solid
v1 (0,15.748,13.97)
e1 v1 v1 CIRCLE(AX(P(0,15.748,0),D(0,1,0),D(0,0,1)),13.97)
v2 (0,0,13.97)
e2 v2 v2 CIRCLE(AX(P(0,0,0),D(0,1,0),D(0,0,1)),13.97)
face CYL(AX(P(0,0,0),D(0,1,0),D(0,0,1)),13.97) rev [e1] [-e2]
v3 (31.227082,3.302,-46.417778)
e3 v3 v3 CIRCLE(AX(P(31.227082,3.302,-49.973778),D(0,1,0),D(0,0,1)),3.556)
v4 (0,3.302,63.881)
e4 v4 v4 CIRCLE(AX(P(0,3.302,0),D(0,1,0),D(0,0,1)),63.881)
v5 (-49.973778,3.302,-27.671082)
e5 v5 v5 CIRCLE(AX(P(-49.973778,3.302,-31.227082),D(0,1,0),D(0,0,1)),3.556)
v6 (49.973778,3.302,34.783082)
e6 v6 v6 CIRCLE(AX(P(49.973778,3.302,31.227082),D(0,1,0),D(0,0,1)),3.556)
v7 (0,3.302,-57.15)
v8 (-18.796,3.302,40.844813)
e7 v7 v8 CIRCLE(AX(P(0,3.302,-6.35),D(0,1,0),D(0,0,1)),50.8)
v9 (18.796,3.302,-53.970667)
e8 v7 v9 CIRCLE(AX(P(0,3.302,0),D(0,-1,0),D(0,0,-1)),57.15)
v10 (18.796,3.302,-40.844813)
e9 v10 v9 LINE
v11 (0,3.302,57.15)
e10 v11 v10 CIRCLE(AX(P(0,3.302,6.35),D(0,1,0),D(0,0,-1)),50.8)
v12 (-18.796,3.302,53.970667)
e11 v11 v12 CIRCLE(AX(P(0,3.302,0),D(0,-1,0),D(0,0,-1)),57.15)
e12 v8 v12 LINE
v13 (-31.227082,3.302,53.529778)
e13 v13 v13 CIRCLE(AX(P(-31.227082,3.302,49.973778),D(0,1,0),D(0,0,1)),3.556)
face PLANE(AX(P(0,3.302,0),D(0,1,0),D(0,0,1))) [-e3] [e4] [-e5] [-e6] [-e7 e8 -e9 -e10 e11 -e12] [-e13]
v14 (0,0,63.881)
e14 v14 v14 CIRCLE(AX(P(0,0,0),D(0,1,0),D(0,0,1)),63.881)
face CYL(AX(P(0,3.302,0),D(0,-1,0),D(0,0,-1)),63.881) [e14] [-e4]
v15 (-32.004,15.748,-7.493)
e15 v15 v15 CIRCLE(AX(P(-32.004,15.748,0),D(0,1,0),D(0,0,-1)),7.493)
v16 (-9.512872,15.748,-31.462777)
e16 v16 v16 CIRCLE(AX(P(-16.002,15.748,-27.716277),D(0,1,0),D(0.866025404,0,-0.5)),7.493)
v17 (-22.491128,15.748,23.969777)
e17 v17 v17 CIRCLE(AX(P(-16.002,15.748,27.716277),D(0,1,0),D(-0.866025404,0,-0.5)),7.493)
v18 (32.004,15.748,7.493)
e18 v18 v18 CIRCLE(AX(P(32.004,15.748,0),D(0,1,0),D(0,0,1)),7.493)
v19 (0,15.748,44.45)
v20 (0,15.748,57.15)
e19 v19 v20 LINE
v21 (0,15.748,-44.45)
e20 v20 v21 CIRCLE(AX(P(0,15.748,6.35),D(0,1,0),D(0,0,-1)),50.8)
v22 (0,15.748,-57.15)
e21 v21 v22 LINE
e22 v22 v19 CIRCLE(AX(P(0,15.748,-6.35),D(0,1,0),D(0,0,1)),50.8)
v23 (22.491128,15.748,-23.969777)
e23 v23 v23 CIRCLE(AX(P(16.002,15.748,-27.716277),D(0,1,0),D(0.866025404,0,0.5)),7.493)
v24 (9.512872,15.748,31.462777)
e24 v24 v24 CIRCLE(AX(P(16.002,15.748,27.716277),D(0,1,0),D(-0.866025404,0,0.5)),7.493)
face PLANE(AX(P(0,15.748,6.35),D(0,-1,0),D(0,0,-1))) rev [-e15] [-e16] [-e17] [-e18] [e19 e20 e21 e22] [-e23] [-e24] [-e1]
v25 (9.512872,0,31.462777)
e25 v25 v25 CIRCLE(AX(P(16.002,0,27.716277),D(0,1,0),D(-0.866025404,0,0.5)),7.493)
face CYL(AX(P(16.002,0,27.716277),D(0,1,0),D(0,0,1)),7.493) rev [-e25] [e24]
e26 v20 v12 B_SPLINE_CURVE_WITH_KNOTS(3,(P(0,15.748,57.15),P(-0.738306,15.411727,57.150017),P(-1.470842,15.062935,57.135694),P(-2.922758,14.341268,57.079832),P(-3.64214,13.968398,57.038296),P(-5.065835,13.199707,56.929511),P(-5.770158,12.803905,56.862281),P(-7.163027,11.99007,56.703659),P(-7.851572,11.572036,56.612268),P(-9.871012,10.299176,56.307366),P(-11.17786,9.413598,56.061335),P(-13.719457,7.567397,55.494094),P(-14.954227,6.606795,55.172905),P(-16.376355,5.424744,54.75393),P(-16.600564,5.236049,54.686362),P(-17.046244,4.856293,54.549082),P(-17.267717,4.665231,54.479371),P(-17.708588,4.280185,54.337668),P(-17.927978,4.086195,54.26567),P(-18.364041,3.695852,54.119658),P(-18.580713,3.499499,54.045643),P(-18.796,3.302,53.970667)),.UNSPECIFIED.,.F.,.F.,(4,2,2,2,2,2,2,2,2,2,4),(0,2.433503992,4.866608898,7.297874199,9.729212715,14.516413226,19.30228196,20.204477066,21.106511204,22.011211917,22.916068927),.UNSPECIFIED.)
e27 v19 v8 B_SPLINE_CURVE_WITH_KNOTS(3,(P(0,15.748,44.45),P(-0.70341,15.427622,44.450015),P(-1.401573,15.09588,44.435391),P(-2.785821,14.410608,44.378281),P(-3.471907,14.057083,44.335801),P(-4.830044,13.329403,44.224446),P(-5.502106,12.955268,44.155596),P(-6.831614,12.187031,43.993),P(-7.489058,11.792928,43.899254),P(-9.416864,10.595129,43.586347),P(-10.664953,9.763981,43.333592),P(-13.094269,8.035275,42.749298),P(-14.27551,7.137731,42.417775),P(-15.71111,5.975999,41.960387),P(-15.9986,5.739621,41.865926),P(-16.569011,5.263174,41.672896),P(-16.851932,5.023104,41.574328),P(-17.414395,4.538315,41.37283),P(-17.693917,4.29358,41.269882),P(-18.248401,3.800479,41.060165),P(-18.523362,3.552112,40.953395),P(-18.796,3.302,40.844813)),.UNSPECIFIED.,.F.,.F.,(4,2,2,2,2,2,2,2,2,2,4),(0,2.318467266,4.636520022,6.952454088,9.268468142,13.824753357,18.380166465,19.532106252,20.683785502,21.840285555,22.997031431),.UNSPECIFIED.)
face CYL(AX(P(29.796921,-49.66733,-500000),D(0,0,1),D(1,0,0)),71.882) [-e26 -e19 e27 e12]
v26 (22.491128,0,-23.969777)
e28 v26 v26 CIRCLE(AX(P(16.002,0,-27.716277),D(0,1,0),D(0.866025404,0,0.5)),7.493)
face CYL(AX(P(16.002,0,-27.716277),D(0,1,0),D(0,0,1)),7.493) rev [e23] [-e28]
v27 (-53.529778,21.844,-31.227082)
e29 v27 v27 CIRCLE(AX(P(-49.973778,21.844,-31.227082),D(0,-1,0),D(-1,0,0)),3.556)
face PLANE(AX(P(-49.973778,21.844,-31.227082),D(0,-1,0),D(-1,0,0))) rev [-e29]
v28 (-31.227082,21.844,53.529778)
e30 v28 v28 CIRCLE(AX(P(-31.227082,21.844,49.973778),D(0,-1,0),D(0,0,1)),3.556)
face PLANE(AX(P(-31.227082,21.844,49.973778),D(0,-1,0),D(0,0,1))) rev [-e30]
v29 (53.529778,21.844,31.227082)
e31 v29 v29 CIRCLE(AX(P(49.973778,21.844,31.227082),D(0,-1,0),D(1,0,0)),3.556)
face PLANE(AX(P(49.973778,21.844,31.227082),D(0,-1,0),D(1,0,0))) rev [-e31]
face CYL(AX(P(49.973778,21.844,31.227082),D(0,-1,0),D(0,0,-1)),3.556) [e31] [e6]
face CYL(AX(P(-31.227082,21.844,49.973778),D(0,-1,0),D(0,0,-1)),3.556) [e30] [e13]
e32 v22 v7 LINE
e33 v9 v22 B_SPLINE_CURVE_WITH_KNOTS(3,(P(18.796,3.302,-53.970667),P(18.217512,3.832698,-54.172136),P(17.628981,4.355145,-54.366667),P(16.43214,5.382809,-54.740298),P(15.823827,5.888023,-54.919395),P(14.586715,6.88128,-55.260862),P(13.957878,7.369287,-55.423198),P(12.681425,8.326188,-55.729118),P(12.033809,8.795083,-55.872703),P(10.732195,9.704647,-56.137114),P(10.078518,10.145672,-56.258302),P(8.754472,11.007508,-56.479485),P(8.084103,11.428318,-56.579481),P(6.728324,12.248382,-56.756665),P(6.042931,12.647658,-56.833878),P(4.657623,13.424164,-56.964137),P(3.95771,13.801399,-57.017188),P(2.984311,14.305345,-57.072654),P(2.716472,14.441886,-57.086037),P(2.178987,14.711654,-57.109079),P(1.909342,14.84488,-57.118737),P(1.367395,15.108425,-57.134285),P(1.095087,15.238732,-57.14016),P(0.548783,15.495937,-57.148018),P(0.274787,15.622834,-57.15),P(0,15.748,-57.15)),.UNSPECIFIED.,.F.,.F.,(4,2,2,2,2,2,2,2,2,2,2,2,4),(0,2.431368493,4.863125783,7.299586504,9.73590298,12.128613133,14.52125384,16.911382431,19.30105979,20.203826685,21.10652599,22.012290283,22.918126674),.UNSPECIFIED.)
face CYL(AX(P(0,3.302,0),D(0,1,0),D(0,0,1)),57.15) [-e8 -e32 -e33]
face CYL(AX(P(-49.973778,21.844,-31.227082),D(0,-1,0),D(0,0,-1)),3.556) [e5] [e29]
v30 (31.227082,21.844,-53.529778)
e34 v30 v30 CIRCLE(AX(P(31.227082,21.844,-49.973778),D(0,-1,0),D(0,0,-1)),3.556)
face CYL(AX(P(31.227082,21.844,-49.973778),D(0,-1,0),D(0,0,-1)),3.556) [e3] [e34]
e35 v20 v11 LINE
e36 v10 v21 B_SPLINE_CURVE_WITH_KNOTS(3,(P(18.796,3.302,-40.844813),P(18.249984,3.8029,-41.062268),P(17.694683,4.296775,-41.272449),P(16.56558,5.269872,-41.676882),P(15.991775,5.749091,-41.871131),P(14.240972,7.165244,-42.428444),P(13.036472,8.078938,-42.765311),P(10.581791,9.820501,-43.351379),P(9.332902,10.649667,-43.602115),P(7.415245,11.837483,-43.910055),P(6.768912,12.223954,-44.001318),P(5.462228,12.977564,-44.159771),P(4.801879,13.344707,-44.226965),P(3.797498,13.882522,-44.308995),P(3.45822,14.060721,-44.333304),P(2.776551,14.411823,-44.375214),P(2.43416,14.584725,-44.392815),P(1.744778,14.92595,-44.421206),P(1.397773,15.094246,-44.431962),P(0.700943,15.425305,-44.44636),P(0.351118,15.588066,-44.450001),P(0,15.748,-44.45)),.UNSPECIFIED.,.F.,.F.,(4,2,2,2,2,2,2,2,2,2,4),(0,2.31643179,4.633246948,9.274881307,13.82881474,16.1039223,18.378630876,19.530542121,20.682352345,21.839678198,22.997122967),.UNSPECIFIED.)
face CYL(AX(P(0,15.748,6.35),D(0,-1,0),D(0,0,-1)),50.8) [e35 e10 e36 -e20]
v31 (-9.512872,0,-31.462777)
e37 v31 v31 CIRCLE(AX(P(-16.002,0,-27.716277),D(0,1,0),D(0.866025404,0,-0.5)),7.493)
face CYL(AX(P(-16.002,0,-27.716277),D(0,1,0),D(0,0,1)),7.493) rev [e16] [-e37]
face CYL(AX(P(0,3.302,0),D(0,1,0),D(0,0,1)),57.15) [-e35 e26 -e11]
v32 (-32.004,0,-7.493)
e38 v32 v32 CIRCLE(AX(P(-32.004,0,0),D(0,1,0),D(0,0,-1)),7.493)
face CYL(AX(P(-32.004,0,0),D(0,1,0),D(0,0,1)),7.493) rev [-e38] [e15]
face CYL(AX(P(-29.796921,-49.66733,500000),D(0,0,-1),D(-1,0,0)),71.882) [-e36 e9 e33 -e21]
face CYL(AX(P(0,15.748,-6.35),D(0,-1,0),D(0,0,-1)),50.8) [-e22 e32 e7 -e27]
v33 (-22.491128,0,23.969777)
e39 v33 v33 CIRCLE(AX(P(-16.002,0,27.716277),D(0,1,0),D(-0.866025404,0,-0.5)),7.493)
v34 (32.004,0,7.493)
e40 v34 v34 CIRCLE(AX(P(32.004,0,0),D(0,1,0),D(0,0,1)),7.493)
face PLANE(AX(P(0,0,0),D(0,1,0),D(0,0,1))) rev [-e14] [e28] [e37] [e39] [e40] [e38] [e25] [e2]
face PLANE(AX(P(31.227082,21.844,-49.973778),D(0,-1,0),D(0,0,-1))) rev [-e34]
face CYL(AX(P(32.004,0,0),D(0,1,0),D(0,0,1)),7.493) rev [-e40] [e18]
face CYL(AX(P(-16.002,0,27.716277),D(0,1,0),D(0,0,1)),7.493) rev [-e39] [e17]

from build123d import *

# Parameters (mm, degrees)
SKETCH1_R          = 63.881
EXTRUDE1_DEPTH     = 3.302
EXTRUDE2_DEPTH     = 12.446
SKETCH5_R          = 13.97
CUT_EXTRUDE3_DEPTH = 16.748
SKETCH7_R          = 7.493
CUT_EXTRUDE4_DEPTH = 16.748
CIRPATTERN1_COUNT  = 6
EXTRUDE3_START     = 40.844813
EXTRUDE3_DEPTH     = 16.305187
CUT_EXTRUDE5_DEPTH = 12.446
EXTRUDE4_START     = -57.15
EXTRUDE4_DEPTH     = 16.305187
CUT_EXTRUDE6_DEPTH = 12.446
SKETCH22_R         = 3.556
EXTRUDE5_DEPTH     = 18.542
CIRPATTERN2_COUNT  = 4


with BuildPart() as part:
    # Sketch1 → Extrude1 (new body)
    with BuildSketch(Plane(origin=(0, 0, 0), x_dir=(1, 0, 0), z_dir=(0, 1, 0))):
        Circle(SKETCH1_R)
    extrude(amount=EXTRUDE1_DEPTH)

    # Sketch4 → Extrude2 (add)
    with BuildSketch(Plane(origin=(0, 3.302, 0), x_dir=(-1, 0, 0), z_dir=(0, 1, 0))):
        with BuildLine():
            Line((0, -57.15), (0, -44.45))
            ThreePointArc((0, -44.45), (-50.8, 6.35), (0, 57.15))
            Line((0, 57.15), (0, 44.45))
            ThreePointArc((0, 44.45), (50.8, -6.35), (0, -57.15))
        make_face()
    extrude(amount=EXTRUDE2_DEPTH)

    # Sketch5 → Cut-Extrude3 (cut, through all)
    with BuildSketch(Plane(origin=(0, 15.748, 0), x_dir=(-1, 0, 0), z_dir=(0, 1, 0))):
        Circle(SKETCH5_R)
    extrude(amount=-CUT_EXTRUDE3_DEPTH, mode=Mode.SUBTRACT)

    # Sketch7 → Cut-Extrude4 (cut, through all)
    with BuildSketch(Plane(origin=(0, 15.748, 0), x_dir=(-1, 0, 0), z_dir=(0, 1, 0))):
        with Locations((-32.004, 0)):
            Circle(SKETCH7_R)
    cut_extrude4 = extrude(amount=-CUT_EXTRUDE4_DEPTH, mode=Mode.SUBTRACT)

    # CirPattern1: Cut-Extrude4 ×6 about axis
    cirpattern1_axis = Axis((0, 0, 0), (0, 1, 0))
    for i in range(1, CIRPATTERN1_COUNT):
        add(cut_extrude4.rotate(cirpattern1_axis, i * 360 / CIRPATTERN1_COUNT), mode=Mode.SUBTRACT)

    # Sketch18 → Extrude3 (add)
    with BuildSketch(Plane.XY.offset(EXTRUDE3_START)):
        with BuildLine():
            Line((0, 3.302), (-18.796, 3.302))
            ThreePointArc((-18.796, 3.302), (-9.88893997, 10.266419547), (0, 15.748))
            Line((0, 15.748), (0, 3.302))
        make_face()
    extrude(amount=EXTRUDE3_DEPTH)

    # Sketch19 → Cut-Extrude5 (cut)
    with BuildSketch(Plane(origin=(0, 15.748, 0), x_dir=(-1, 0, 0), z_dir=(0, 1, 0))):
        with BuildLine():
            Line((18.796, 53.970666885), (18.796, 57.15))
            Line((18.796, 57.15), (0, 57.15))
            ThreePointArc((0, 57.15), (9.531497457, 56.349561278), (18.796, 53.970666885))
        make_face()
    extrude(amount=-CUT_EXTRUDE5_DEPTH, mode=Mode.SUBTRACT)

    # Sketch20 → Extrude4 (add)
    with BuildSketch(Plane.XY.offset(EXTRUDE4_START)):
        with BuildLine():
            Line((0, 3.302), (18.796, 3.302))
            ThreePointArc((18.796, 3.302), (9.88893997, 10.266419547), (0, 15.748))
            Line((0, 15.748), (0, 3.302))
        make_face()
    extrude(amount=EXTRUDE4_DEPTH)

    # Sketch21 → Cut-Extrude6 (cut)
    with BuildSketch(Plane(origin=(0, 15.748, 0), x_dir=(-1, 0, 0), z_dir=(0, 1, 0))):
        with BuildLine():
            Line((0, -57.15), (-18.796, -57.15))
            Line((-18.796, -57.15), (-18.796, -53.970666885))
            ThreePointArc((-18.796, -53.970666885), (-9.531497457, -56.349561278), (0, -57.15))
        make_face()
    extrude(amount=-CUT_EXTRUDE6_DEPTH, mode=Mode.SUBTRACT)

    # Sketch22 → Extrude5 (add)
    with BuildSketch(Plane(origin=(0, 3.302, 57.15), x_dir=(1, 0, 0), z_dir=(0, -1, 0))):
        with Locations((49.97377821, -25.922917597)):
            Circle(SKETCH22_R)
    extrude5 = extrude(amount=-EXTRUDE5_DEPTH)

    # CirPattern2: Extrude5 ×4 about axis
    cirpattern2_axis = Axis((0, 0, 0), (0, 1, 0))
    for i in range(1, CIRPATTERN2_COUNT):
        add(extrude5.rotate(cirpattern2_axis, i * 360 / CIRPATTERN2_COUNT))


solid = part.part
